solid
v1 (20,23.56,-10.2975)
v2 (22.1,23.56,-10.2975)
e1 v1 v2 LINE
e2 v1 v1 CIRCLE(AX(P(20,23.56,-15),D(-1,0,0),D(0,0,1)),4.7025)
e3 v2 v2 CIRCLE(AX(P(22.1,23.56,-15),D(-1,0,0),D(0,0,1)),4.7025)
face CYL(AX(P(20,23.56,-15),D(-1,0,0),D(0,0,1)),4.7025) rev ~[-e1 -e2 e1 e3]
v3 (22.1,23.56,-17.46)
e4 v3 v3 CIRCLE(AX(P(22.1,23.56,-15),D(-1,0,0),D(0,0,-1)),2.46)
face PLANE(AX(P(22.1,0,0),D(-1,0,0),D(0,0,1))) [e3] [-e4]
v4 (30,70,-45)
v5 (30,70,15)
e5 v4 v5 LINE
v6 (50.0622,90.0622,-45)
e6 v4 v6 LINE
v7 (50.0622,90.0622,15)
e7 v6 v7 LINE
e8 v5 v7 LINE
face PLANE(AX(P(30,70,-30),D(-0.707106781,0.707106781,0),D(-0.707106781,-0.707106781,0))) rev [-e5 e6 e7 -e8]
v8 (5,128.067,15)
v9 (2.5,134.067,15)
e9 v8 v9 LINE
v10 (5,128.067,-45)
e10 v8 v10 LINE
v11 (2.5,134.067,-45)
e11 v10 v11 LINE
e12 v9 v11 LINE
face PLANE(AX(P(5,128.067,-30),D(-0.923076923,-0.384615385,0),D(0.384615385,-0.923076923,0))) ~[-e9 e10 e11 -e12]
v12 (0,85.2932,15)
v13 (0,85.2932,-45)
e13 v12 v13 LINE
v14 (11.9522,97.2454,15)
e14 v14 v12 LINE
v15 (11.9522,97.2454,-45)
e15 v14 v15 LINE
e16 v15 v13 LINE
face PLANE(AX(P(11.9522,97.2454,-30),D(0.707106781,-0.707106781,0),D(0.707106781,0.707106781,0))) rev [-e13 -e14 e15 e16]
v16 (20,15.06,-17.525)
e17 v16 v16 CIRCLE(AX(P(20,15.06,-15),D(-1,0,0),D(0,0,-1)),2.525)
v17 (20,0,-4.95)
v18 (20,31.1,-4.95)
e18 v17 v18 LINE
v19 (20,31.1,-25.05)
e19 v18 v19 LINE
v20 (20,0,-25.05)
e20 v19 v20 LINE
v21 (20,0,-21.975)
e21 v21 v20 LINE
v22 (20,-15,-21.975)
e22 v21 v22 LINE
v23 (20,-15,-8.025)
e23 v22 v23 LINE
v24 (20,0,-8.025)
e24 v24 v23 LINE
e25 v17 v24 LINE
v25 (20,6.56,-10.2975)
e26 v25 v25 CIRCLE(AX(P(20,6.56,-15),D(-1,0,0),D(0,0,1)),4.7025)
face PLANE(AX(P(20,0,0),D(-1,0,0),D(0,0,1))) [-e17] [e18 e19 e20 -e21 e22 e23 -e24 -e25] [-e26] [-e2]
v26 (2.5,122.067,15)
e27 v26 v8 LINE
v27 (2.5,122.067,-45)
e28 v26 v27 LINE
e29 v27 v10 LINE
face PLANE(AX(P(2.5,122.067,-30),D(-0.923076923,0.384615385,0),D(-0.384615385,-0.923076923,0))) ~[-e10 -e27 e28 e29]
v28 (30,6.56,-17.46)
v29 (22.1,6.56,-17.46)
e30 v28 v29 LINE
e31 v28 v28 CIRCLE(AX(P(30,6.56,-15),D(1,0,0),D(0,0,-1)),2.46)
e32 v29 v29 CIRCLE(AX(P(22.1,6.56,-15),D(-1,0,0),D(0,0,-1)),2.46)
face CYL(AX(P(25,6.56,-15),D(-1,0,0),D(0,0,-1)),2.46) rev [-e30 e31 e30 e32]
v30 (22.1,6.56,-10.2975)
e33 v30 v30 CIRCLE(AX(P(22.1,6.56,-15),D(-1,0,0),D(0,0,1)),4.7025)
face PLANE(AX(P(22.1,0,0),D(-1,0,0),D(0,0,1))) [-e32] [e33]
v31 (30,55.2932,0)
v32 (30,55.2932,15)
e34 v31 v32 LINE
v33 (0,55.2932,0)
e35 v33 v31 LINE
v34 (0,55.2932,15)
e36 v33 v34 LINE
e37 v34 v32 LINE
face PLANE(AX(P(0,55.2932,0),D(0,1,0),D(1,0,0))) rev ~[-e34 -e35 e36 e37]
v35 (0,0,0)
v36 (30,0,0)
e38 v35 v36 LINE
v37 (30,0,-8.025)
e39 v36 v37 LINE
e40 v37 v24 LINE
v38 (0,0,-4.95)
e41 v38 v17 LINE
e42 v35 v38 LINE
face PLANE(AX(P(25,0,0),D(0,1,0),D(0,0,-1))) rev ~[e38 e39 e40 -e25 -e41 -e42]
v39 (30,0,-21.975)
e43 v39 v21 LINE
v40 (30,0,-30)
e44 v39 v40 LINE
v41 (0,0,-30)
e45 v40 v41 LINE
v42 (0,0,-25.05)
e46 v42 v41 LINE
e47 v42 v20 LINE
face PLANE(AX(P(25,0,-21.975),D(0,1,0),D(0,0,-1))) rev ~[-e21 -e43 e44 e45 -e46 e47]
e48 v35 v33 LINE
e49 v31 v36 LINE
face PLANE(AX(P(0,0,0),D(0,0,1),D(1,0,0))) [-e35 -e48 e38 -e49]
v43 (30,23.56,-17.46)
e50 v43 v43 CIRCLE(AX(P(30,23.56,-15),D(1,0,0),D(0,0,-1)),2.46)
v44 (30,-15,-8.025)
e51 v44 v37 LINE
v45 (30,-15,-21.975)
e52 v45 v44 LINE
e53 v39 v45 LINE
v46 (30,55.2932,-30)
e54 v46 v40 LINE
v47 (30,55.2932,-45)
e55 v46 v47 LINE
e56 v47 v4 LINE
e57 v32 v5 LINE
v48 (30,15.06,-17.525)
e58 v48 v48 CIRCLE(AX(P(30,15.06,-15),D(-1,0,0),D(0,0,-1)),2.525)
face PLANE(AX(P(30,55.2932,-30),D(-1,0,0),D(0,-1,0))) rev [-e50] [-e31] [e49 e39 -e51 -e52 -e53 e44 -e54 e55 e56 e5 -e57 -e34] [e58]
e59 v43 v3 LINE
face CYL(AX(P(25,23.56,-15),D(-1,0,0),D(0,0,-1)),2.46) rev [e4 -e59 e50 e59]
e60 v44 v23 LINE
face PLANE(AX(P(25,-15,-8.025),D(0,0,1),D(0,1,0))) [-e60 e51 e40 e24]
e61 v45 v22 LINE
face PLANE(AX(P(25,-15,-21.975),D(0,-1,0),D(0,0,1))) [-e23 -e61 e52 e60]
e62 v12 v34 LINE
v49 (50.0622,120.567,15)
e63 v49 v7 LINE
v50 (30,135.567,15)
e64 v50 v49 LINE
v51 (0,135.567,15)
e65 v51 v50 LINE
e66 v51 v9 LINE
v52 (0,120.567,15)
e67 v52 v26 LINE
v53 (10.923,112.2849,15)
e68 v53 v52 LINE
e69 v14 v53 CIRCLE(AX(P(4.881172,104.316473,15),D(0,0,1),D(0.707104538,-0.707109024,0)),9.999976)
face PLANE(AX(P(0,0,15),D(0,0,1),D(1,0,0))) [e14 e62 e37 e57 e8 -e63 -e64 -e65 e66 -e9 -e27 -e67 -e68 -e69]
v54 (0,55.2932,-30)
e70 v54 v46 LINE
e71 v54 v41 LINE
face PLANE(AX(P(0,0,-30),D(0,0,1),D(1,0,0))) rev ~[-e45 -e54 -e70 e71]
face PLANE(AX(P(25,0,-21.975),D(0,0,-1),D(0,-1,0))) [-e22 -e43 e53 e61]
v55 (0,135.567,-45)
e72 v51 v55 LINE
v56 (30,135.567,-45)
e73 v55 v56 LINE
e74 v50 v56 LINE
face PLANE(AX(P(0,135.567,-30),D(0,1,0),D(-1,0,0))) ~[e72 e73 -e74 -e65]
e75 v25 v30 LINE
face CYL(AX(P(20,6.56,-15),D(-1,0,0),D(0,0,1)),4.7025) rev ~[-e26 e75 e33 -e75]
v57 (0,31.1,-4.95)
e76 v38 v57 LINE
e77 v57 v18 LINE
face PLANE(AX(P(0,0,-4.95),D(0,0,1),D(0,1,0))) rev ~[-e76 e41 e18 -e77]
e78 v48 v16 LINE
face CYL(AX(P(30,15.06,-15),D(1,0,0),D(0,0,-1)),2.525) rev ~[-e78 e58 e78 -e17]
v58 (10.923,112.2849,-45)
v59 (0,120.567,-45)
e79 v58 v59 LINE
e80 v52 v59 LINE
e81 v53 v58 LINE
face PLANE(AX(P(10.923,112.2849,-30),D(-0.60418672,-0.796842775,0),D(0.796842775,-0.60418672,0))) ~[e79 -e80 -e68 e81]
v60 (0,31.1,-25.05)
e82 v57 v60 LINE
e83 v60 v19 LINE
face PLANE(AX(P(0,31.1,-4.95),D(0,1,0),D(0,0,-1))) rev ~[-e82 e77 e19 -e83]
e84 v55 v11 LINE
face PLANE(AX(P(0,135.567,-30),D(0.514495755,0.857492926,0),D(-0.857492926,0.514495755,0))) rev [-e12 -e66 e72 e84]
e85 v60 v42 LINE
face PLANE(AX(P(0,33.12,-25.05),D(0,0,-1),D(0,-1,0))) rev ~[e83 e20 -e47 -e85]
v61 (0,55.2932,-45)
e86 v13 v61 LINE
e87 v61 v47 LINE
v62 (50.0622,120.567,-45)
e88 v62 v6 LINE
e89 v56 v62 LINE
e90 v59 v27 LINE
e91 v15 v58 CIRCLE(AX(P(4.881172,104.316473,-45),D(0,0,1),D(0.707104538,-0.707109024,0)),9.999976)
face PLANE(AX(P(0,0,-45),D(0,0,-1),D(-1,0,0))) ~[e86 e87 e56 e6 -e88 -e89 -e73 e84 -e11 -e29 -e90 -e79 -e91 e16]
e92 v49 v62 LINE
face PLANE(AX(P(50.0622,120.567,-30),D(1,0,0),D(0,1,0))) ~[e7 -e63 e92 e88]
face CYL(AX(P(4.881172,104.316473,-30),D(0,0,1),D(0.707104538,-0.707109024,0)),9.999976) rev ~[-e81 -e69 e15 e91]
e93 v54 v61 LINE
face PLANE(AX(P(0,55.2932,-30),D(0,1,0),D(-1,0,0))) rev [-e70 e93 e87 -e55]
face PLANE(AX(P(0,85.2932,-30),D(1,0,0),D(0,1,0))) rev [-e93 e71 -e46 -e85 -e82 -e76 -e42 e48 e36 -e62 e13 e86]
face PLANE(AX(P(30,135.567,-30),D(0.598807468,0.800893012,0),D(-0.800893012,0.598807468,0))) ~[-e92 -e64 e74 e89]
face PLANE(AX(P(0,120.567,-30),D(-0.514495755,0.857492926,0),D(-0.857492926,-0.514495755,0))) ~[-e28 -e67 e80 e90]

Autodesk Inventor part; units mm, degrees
ref_plane "YZ Plane" through (0, 0, 0) normal (1, 0, 0) x (0, 1, 0)
ref_plane "XZ Plane" through (0, 0, 0) normal (0, 1, 0) x (-1, 0, 0)
sketch "Sketch1" plane through (0, 0, 0) normal (0, 0, 1) x (1, 0, 0)
  line L0 (0, 0) -> (25, 0)
  line L1 (25, 0) -> (25, 40)
  line L2 (25, 40) -> (0, 40)
  line L3 (0, 40) -> (0, 0)
  dimension "d1" = 25
  dimension "d2" = 40
  dimension "d3" = 25
extrude "Extrusion1" add sketch "Sketch1" against normal blind 30
sketch "Sketch2" plane through (25, 0, 0) normal (1, 0, 0) x (0, 0, -1)
  line L0 (0, 0) -> (30, 0) projected
  circle A0 centre (15, 6.56) radius 2.46
extrude "Extrusion2" cut sketch "Sketch2" against normal blind 30
sketch "Sketch3" plane through (0, 0, 0) normal (-1, 0, 0) x (0, 0, 1)
  line L0 (0, 0) -> (-30, 0) projected
  line L1 (-25.05, 0) -> (-4.95, 0)
  line L2 (-4.95, 0) -> (-4.95, 33.12)
  line L3 (-4.95, 33.12) -> (-25.05, 33.12)
  line L4 (-25.05, 33.12) -> (-25.05, 0)
  dimension "d11" = 20.1
extrude "Extrusion3" cut sketch "Sketch3" against normal blind 20
sketch "Sketch4" plane through (0, 0, 0) normal (0, -1, 0) x (1, 0, 0)
  line L0 (20, -4.95) -> (20, -25.05) projected
  line L1 (20, -15) -> (25, -15)
  line L2 (25, 0) -> (25, -30) projected
  line L3 (20, -8.025) -> (25, -8.025)
  line L4 (25, -8.025) -> (25, -21.975)
  line L5 (25, -21.975) -> (20, -21.975)
  line L6 (20, -21.975) -> (20, -8.025)
  line L7 (20, -8.025) -> (25, -21.975) construction
  line L8 (25, -8.025) -> (20, -21.975) construction
  line L9 (25, -12.54) -> (25, -17.46) projected
  point P0 (0, 0)
  point P1 (22.5, -15)
  dimension "d14" = 13.95
extrude "Extrusion4" add sketch "Sketch4" along normal blind 15
sketch "Sketch5" plane through (20, 0, 0) normal (-1, 0, 0) x (0, 0, 1)
  circle A0 centre (-15, 6.56) radius 2.46 projected
  circle A1 centre (-15, 6.56) radius 4.7025
  circle A2 centre (-15, 6.56) radius 2.46 projected
  circle A3 centre (-15, 6.56) radius 2.46
  point P0 (0, 0)
  dimension "d17" = 9.405
extrude "Extrusion5" cut sketch "Sketch5" against normal blind 2.1
sketch "Sketch6" plane through (25, 0, 0) normal (1, 0, 0) x (0, 0, -1)
  circle A0 centre (15, 6.56) radius 4.7025 projected
  line L0 (15, 6.56) -> (15, 23.56)
  circle A1 centre (15, 23.56) radius 2.46
  point P0 (0, 0)
  dimension "d20" = 17
  dimension "d21" = 4.92
extrude "Extrusion6" cut sketch "Sketch6" against normal blind 10 contours A1
sketch "Sketch7" plane through (20, 0, 0) normal (-1, 0, 0) x (0, 0, 1)
  circle A0 centre (-15, 23.56) radius 2.46 projected
  circle A1 centre (-15, 23.56) radius 4.7025
  point P0 (0, 0)
  dimension "d24" = 9.405
extrude "Extrusion7" cut sketch "Sketch7" against normal blind 2.1
sketch "Sketch9" plane through (25, 0, 0) normal (1, 0, 0) x (0, 0, -1)
  circle A0 centre (15, 6.56) radius 2.46 projected
  circle A1 centre (15, 6.56) radius 2.46
  circle A2 centre (15, 23.56) radius 2.46 projected
  circle A3 centre (15, 23.56) radius 2.46
  line L0 (30, 40) -> (30, 0) projected
  line L1 (30, 0) -> (30, 40)
  line L2 (30, 40) -> (0, 40)
  line L3 (0, 40) -> (0, 0)
  line L4 (0, 0) -> (8.025, 0) projected
  line L5 (21.975, 0) -> (21.975, -15)
  line L6 (21.975, -15) -> (8.025, -15)
  line L7 (8.025, -15) -> (8.025, 0)
  line L8 (0, 0) -> (8.025, 0)
  line L9 (21.975, 0) -> (30, 0)
extrude "Extrusion8" add sketch "Sketch9" along normal blind 5
sketch "Sketch10" plane through (0, 40, 0) normal (0, 1, 0) x (1, 0, 0)
  line L0 (0, 30) -> (30, 30) projected
  line L1 (30, 0) -> (0, 0) projected
  line L2 (0, 30) -> (30, 30)
  line L3 (30, 30) -> (30, 0)
  line L4 (30, 0) -> (0, 0)
  line L5 (0, 0) -> (0, 30)
extrude "Extrusion9" add sketch "Sketch10" along normal blind 30
sketch "Sketch12" plane through (30, 0, 0) normal (1, 0, 0) x (0, 0, -1)
  circle A0 centre (15, 6.56) radius 2.46 projected
  line L0 (15, 6.56) -> (15, 15.06)
  circle A1 centre (15, 15.06) radius 2.525
  point P0 (0, 0)
  dimension "d31" = 8.5
  dimension "d33" = 5.05
extrude "Extrusion10" cut sketch "Sketch12" against normal blind 30 contours A1
sketch "Sketch15" plane through (0, 0, -25.05) normal (-1, 0, 0) x (0, 0, 1)
  line L0 (0, 33.12) -> (20.1, 33.12) projected
  line L1 (20.1, 33.12) -> (20.1, 0) projected
  line L2 (0, 33.12) -> (20.1, 33.12)
  line L3 (20.1, 33.12) -> (20.1, 31.1)
  line L4 (20.1, 31.1) -> (0, 31.1)
  line L5 (0, 31.1) -> (0, 33.12)
  point P0 (25.05, 0)
  dimension "d57" = 2.02
extrude "Extrusion13" add sketch "Sketch15" against normal blind 20
sketch "Sketch17" plane through (0, 0, 0) normal (0, 0, 1) x (1, 0, 0)
  line L0 (0, 70) -> (30, 70) projected
  line L1 (30, 70) -> (50.0622, 90.0622)
  line L2 (30, 70) -> (80, 70) construction
  line L3 (11.9522, 97.2454) -> (0, 85.2932)
  line L4 (0, 70) -> (0, 85.2932)
  line L5 (0, 70) -> (0, 0) projected
  line L6 (0, 70) -> (30, 70)
  line L7 (10.923, 112.2849) -> (0, 120.567)
  line L8 (2.5, 134.067) -> (0, 135.567)
  line L9 (2.5, 134.067) -> (5, 128.067)
  line L10 (2.5, 122.067) -> (0, 120.567)
  line L11 (2.5, 122.067) -> (5, 128.067)
  line L12 (50.0622, 105.3553) -> (50.0622, 120.567)
  line L13 (50.0622, 105.3553) -> (50.0622, 90.0622)
  line L14 (0, 135.567) -> (30, 135.567)
  line L15 (30, 135.567) -> (50.0622, 120.567)
  arc A0 (11.9522, 97.2454) -> (10.923, 112.2849) centre (4.8811, 104.3165) ccw
  dimension "d61" = 45
  dimension "d62" = 32.0271
  dimension "d71" = 30
  dimension "d72" = 10
extrude "Extrusion14" add sketch "Sketch17" against normal blind 30
sketch "Sketch19" plane through (0, 0, 0) normal (0, 0, 1) x (1, 0, 0)
  line L0 (30, 0) -> (30, 70) projected
  line L1 (30, 70) -> (50.0622, 90.0622) projected
  line L2 (30, 70) -> (50.0622, 90.0622)
  line L3 (50.0622, 120.567) -> (50.0622, 90.0622) projected
  line L4 (50.0622, 90.0622) -> (50.0622, 120.567)
  line L5 (30, 135.567) -> (50.0622, 120.567) projected
  line L6 (50.0622, 120.567) -> (30, 135.567)
  line L7 (0, 135.567) -> (30, 135.567) projected
  line L8 (30, 135.567) -> (0, 135.567)
  line L9 (5, 128.067) -> (2.5, 134.067) projected
  line L10 (0, 135.567) -> (2.5, 134.067)
  line L11 (2.5, 134.067) -> (5, 128.067)
  line L12 (2.5, 122.067) -> (5, 128.067) projected
  line L13 (5, 128.067) -> (2.5, 122.067)
  line L14 (0, 120.567) -> (2.5, 122.067) projected
  line L15 (2.5, 122.067) -> (0, 120.567)
  line L16 (10.923, 112.2849) -> (0, 120.567) projected
  line L17 (0, 120.567) -> (10.923, 112.2849)
  line L18 (11.9522, 97.2454) -> (0, 85.2932) projected
  line L19 (11.9522, 97.2454) -> (0, 85.2932)
  line L20 (0, 85.2932) -> (0, 55.2932)
  line L21 (0, 0) -> (0, 85.2932) projected
  line L22 (0, 55.2932) -> (30, 55.2932)
  line L23 (30, 55.2932) -> (30, 70)
  arc A0 (11.9522, 97.2454) -> (10.923, 112.2849) centre (4.8811, 104.3165) ccw
  dimension "d75" = 30
  dimension "d76" = 30
extrude "Extrusion15" add sketch "Sketch19" along normal blind 15
ref_plane "Work Plane1" through (0, 0, -15) normal (0, 0, 1) x (1, 0, 0)
mirror "Mirror1" about plane through (0, 0, -15) normal (0, 0, 1) of "Extrusion15"
properties part number "rec_c_12mm_x_60mm"
